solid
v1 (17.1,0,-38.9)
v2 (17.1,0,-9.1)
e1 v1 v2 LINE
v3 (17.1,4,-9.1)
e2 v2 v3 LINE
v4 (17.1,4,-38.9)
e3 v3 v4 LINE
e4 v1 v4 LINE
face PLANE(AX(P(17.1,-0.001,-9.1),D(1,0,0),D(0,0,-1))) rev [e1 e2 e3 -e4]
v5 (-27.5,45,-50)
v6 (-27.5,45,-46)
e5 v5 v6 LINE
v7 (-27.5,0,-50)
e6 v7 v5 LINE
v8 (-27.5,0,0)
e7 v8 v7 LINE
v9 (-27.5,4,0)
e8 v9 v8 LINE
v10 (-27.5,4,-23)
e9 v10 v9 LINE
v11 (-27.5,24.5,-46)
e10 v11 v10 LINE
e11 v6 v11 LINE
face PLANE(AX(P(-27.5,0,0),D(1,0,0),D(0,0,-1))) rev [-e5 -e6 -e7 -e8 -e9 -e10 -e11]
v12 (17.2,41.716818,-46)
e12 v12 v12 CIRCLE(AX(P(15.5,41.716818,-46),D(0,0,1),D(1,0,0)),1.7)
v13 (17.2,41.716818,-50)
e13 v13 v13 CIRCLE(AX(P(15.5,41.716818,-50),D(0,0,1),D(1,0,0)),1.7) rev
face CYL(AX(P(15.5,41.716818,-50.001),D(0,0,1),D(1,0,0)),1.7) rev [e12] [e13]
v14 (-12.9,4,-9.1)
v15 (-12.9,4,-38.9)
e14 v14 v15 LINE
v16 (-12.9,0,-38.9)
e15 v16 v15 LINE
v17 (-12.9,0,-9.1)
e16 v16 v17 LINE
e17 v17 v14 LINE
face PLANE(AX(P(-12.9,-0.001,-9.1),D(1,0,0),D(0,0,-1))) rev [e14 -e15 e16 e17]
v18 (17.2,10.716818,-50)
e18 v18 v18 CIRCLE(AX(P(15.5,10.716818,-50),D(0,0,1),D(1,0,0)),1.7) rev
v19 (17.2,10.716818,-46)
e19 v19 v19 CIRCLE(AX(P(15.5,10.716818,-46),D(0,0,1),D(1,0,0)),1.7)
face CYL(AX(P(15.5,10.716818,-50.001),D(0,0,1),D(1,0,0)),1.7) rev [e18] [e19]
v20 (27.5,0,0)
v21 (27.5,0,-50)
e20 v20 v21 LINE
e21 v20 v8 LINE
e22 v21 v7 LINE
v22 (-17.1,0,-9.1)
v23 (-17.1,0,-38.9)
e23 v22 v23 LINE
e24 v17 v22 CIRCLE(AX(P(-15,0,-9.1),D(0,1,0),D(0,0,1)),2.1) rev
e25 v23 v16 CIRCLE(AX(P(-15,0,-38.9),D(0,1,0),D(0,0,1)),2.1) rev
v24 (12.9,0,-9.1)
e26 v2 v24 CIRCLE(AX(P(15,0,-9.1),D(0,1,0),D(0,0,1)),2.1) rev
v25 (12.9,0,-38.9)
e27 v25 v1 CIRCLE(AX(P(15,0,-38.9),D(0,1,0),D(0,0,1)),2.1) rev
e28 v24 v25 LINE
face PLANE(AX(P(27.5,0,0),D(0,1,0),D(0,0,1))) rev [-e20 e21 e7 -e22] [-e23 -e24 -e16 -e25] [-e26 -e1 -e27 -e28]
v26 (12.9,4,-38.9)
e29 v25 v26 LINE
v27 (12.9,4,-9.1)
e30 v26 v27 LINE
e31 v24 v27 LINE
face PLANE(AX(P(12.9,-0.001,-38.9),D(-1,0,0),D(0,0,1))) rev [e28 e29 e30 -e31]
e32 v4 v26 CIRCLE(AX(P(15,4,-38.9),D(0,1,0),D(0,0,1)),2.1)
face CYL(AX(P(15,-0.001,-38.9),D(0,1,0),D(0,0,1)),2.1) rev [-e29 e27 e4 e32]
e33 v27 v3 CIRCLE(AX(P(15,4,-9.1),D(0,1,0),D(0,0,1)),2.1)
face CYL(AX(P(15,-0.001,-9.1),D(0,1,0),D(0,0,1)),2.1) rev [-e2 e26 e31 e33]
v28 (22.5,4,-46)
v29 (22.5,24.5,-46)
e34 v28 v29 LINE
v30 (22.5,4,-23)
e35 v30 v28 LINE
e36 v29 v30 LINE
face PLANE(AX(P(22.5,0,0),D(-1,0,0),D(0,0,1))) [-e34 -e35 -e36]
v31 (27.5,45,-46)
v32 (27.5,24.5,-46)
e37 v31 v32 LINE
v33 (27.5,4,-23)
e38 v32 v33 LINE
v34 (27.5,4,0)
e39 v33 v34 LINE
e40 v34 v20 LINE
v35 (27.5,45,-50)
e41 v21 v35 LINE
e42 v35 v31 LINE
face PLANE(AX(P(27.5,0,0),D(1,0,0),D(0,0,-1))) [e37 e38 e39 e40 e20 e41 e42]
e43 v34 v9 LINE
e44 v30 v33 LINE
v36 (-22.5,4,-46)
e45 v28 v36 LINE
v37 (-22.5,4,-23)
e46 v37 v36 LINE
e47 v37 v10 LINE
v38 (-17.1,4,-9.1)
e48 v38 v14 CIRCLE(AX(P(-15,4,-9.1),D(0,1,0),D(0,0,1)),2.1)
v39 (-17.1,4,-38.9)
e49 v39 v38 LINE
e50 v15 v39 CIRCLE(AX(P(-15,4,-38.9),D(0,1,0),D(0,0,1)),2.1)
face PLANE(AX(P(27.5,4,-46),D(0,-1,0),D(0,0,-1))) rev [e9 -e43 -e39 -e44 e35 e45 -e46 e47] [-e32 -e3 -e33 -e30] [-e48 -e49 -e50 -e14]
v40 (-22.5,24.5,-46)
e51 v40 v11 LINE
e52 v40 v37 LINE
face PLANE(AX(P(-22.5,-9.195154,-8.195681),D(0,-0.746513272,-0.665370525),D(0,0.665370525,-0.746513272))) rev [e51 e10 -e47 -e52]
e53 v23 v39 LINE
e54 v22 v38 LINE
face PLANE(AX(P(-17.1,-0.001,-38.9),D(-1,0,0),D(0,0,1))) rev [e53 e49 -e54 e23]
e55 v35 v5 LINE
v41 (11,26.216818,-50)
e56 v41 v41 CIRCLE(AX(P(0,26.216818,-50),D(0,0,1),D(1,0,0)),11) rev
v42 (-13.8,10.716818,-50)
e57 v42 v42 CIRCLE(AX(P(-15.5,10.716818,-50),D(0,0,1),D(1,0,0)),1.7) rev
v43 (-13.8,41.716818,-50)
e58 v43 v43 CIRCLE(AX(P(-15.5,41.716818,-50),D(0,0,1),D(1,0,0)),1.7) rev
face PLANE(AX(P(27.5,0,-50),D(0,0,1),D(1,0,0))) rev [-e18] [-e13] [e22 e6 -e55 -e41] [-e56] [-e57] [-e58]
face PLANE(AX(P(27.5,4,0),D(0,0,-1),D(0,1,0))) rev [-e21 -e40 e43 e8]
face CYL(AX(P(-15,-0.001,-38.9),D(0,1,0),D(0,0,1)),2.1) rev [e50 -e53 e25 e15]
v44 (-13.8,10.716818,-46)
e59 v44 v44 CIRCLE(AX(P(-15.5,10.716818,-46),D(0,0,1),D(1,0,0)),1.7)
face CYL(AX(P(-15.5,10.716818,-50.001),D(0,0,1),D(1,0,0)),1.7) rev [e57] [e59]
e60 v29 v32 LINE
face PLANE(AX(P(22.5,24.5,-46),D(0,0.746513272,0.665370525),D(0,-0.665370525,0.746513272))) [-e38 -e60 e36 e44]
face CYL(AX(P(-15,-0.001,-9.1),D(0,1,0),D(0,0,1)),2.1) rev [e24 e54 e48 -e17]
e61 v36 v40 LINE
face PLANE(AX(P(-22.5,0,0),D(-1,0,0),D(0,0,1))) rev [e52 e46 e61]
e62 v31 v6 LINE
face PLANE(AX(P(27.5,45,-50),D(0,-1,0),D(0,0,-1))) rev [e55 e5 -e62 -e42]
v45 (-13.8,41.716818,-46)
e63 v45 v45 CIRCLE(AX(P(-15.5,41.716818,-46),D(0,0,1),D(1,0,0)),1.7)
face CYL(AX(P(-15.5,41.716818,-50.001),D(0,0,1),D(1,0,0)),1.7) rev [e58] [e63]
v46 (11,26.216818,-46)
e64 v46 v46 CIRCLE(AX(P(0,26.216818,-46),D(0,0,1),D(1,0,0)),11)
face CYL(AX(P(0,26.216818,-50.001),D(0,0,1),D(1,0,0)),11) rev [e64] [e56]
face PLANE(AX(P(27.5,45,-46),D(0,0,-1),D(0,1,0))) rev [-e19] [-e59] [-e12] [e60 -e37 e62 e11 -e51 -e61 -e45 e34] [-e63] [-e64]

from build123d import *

# Parameters (mm, degrees)
BOSS_EXTRUDE1_DEPTH = 27.5
CUT_EXTRUDE1_REACH  = 72.266
CUT_EXTRUDE2_REACH  = 71.98
BOSS_EXTRUDE2_DEPTH = 5
BOSS_EXTRUDE3_START = -55
BOSS_EXTRUDE3_DEPTH = 5


with BuildPart() as part:
    # Sketch1 → Boss-Extrude1 (new, symmetric)
    with BuildSketch(Plane(origin=(0, 0, 0), x_dir=(0, 0, -1), z_dir=(1, 0, 0))):
        Polygon((0, 0), (50, 0), (50, 45), (46, 45), (46, 4), (0, 4), align=None)
    extrude(amount=BOSS_EXTRUDE1_DEPTH, both=True)

    # Sketch2 → Cut-Extrude1 (cut, up to next)
    with BuildSketch(Plane(origin=(0, 4, 0), x_dir=(1, 0, 0), z_dir=(0, 1, 0)), mode=Mode.PRIVATE) as cut_extrude1_sk1:
        with BuildLine():
            Line((-12.9, 9.1), (-12.9, 38.9))
            ThreePointArc((-12.9, 38.9), (-15, 41), (-17.1, 38.9))
            Line((-17.1, 38.9), (-17.1, 9.1))
            ThreePointArc((-17.1, 9.1), (-16.48492424, 7.61507576), (-15, 7))
            ThreePointArc((-15, 7), (-13.51507576, 7.61507576), (-12.9, 9.1))
        make_face()
    cut_extrude1_tool1 = extrude(cut_extrude1_sk1.sketch, amount=-CUT_EXTRUDE1_REACH, mode=Mode.PRIVATE) & part.part
    # Sketch2 → Cut-Extrude1 (cut, up to next)
    with BuildSketch(Plane(origin=(0, 4, 0), x_dir=(1, 0, 0), z_dir=(0, 1, 0)), mode=Mode.PRIVATE) as cut_extrude1_sk2:
        with BuildLine():
            Line((12.9, 38.9), (12.9, 9.1))
            ThreePointArc((12.9, 9.1), (13.51507576, 7.61507576), (15, 7))
            ThreePointArc((15, 7), (16.48492424, 7.61507576), (17.1, 9.1))
            Line((17.1, 9.1), (17.1, 38.9))
            ThreePointArc((17.1, 38.9), (15, 41), (12.9, 38.9))
        make_face()
    cut_extrude1_tool2 = extrude(cut_extrude1_sk2.sketch, amount=-CUT_EXTRUDE1_REACH, mode=Mode.PRIVATE) & part.part
    add(cut_extrude1_tool1.solids().sort_by_distance((-15, 4, -24))[0], mode=Mode.SUBTRACT)
    add(cut_extrude1_tool2.solids().sort_by_distance((15, 4, -24))[0], mode=Mode.SUBTRACT)

    # Sketch3 → Cut-Extrude2 (cut, up to next)
    with BuildSketch(Plane.XY.offset(-46), mode=Mode.PRIVATE) as cut_extrude2_sk1:
        with BuildLine():
            ThreePointArc((11, 26.216818276), (0, 37.216818276), (-11, 26.216818276))
            ThreePointArc((-11, 26.216818276), (0, 15.216818276), (11, 26.216818276))
        make_face()
    cut_extrude2_tool1 = extrude(cut_extrude2_sk1.sketch, amount=-CUT_EXTRUDE2_REACH, mode=Mode.PRIVATE) & part.part
    # Sketch3 → Cut-Extrude2 (cut, up to next)
    with BuildSketch(Plane.XY.offset(-46), mode=Mode.PRIVATE) as cut_extrude2_sk2:
        with BuildLine():
            ThreePointArc((-17.2, 10.716818276), (-15.5, 9.016818276), (-13.8, 10.716818276))
            ThreePointArc((-13.8, 10.716818276), (-15.5, 12.416818276), (-17.2, 10.716818276))
        make_face()
    cut_extrude2_tool2 = extrude(cut_extrude2_sk2.sketch, amount=-CUT_EXTRUDE2_REACH, mode=Mode.PRIVATE) & part.part
    # Sketch3 → Cut-Extrude2 (cut, up to next)
    with BuildSketch(Plane.XY.offset(-46), mode=Mode.PRIVATE) as cut_extrude2_sk3:
        with BuildLine():
            ThreePointArc((-17.2, 41.716818276), (-15.5, 40.016818276), (-13.8, 41.716818276))
            ThreePointArc((-13.8, 41.716818276), (-15.5, 43.416818276), (-17.2, 41.716818276))
        make_face()
    cut_extrude2_tool3 = extrude(cut_extrude2_sk3.sketch, amount=-CUT_EXTRUDE2_REACH, mode=Mode.PRIVATE) & part.part
    # Sketch3 → Cut-Extrude2 (cut, up to next)
    with BuildSketch(Plane.XY.offset(-46), mode=Mode.PRIVATE) as cut_extrude2_sk4:
        with BuildLine():
            ThreePointArc((13.8, 41.716818276), (15.5, 40.016818276), (17.2, 41.716818276))
            ThreePointArc((17.2, 41.716818276), (15.5, 43.416818276), (13.8, 41.716818276))
        make_face()
    cut_extrude2_tool4 = extrude(cut_extrude2_sk4.sketch, amount=-CUT_EXTRUDE2_REACH, mode=Mode.PRIVATE) & part.part
    # Sketch3 → Cut-Extrude2 (cut, up to next)
    with BuildSketch(Plane.XY.offset(-46), mode=Mode.PRIVATE) as cut_extrude2_sk5:
        with BuildLine():
            ThreePointArc((17.2, 10.716818276), (15.5, 12.416818276), (13.8, 10.716818276))
            ThreePointArc((13.8, 10.716818276), (15.5, 9.016818276), (17.2, 10.716818276))
        make_face()
    cut_extrude2_tool5 = extrude(cut_extrude2_sk5.sketch, amount=-CUT_EXTRUDE2_REACH, mode=Mode.PRIVATE) & part.part
    add(cut_extrude2_tool1.solids().sort_by_distance((0, 26.216818, -46))[0], mode=Mode.SUBTRACT)
    add(cut_extrude2_tool2.solids().sort_by_distance((-15.5, 10.716818, -46))[0], mode=Mode.SUBTRACT)
    add(cut_extrude2_tool3.solids().sort_by_distance((-15.5, 41.716818, -46))[0], mode=Mode.SUBTRACT)
    add(cut_extrude2_tool4.solids().sort_by_distance((15.5, 41.716818, -46))[0], mode=Mode.SUBTRACT)
    add(cut_extrude2_tool5.solids().sort_by_distance((15.5, 10.716818, -46))[0], mode=Mode.SUBTRACT)

    # Sketch5 → Boss-Extrude2 (add)
    with BuildSketch(Plane(origin=(27.5, 0, 0), x_dir=(0, 0, -1), z_dir=(1, 0, 0))):
        Polygon((46, 24.5), (23, 4), (46, 4), align=None)
    extrude(amount=-BOSS_EXTRUDE2_DEPTH)

    # Sketch5<2> → Boss-Extrude3 (add)
    with BuildSketch(Plane(origin=(27.5, 0, 0), x_dir=(0, 0, -1), z_dir=(1, 0, 0)).offset(BOSS_EXTRUDE3_START)):
        Polygon((46, 24.5), (23, 4), (46, 4), align=None)
    extrude(amount=BOSS_EXTRUDE3_DEPTH)


solid = part.part
